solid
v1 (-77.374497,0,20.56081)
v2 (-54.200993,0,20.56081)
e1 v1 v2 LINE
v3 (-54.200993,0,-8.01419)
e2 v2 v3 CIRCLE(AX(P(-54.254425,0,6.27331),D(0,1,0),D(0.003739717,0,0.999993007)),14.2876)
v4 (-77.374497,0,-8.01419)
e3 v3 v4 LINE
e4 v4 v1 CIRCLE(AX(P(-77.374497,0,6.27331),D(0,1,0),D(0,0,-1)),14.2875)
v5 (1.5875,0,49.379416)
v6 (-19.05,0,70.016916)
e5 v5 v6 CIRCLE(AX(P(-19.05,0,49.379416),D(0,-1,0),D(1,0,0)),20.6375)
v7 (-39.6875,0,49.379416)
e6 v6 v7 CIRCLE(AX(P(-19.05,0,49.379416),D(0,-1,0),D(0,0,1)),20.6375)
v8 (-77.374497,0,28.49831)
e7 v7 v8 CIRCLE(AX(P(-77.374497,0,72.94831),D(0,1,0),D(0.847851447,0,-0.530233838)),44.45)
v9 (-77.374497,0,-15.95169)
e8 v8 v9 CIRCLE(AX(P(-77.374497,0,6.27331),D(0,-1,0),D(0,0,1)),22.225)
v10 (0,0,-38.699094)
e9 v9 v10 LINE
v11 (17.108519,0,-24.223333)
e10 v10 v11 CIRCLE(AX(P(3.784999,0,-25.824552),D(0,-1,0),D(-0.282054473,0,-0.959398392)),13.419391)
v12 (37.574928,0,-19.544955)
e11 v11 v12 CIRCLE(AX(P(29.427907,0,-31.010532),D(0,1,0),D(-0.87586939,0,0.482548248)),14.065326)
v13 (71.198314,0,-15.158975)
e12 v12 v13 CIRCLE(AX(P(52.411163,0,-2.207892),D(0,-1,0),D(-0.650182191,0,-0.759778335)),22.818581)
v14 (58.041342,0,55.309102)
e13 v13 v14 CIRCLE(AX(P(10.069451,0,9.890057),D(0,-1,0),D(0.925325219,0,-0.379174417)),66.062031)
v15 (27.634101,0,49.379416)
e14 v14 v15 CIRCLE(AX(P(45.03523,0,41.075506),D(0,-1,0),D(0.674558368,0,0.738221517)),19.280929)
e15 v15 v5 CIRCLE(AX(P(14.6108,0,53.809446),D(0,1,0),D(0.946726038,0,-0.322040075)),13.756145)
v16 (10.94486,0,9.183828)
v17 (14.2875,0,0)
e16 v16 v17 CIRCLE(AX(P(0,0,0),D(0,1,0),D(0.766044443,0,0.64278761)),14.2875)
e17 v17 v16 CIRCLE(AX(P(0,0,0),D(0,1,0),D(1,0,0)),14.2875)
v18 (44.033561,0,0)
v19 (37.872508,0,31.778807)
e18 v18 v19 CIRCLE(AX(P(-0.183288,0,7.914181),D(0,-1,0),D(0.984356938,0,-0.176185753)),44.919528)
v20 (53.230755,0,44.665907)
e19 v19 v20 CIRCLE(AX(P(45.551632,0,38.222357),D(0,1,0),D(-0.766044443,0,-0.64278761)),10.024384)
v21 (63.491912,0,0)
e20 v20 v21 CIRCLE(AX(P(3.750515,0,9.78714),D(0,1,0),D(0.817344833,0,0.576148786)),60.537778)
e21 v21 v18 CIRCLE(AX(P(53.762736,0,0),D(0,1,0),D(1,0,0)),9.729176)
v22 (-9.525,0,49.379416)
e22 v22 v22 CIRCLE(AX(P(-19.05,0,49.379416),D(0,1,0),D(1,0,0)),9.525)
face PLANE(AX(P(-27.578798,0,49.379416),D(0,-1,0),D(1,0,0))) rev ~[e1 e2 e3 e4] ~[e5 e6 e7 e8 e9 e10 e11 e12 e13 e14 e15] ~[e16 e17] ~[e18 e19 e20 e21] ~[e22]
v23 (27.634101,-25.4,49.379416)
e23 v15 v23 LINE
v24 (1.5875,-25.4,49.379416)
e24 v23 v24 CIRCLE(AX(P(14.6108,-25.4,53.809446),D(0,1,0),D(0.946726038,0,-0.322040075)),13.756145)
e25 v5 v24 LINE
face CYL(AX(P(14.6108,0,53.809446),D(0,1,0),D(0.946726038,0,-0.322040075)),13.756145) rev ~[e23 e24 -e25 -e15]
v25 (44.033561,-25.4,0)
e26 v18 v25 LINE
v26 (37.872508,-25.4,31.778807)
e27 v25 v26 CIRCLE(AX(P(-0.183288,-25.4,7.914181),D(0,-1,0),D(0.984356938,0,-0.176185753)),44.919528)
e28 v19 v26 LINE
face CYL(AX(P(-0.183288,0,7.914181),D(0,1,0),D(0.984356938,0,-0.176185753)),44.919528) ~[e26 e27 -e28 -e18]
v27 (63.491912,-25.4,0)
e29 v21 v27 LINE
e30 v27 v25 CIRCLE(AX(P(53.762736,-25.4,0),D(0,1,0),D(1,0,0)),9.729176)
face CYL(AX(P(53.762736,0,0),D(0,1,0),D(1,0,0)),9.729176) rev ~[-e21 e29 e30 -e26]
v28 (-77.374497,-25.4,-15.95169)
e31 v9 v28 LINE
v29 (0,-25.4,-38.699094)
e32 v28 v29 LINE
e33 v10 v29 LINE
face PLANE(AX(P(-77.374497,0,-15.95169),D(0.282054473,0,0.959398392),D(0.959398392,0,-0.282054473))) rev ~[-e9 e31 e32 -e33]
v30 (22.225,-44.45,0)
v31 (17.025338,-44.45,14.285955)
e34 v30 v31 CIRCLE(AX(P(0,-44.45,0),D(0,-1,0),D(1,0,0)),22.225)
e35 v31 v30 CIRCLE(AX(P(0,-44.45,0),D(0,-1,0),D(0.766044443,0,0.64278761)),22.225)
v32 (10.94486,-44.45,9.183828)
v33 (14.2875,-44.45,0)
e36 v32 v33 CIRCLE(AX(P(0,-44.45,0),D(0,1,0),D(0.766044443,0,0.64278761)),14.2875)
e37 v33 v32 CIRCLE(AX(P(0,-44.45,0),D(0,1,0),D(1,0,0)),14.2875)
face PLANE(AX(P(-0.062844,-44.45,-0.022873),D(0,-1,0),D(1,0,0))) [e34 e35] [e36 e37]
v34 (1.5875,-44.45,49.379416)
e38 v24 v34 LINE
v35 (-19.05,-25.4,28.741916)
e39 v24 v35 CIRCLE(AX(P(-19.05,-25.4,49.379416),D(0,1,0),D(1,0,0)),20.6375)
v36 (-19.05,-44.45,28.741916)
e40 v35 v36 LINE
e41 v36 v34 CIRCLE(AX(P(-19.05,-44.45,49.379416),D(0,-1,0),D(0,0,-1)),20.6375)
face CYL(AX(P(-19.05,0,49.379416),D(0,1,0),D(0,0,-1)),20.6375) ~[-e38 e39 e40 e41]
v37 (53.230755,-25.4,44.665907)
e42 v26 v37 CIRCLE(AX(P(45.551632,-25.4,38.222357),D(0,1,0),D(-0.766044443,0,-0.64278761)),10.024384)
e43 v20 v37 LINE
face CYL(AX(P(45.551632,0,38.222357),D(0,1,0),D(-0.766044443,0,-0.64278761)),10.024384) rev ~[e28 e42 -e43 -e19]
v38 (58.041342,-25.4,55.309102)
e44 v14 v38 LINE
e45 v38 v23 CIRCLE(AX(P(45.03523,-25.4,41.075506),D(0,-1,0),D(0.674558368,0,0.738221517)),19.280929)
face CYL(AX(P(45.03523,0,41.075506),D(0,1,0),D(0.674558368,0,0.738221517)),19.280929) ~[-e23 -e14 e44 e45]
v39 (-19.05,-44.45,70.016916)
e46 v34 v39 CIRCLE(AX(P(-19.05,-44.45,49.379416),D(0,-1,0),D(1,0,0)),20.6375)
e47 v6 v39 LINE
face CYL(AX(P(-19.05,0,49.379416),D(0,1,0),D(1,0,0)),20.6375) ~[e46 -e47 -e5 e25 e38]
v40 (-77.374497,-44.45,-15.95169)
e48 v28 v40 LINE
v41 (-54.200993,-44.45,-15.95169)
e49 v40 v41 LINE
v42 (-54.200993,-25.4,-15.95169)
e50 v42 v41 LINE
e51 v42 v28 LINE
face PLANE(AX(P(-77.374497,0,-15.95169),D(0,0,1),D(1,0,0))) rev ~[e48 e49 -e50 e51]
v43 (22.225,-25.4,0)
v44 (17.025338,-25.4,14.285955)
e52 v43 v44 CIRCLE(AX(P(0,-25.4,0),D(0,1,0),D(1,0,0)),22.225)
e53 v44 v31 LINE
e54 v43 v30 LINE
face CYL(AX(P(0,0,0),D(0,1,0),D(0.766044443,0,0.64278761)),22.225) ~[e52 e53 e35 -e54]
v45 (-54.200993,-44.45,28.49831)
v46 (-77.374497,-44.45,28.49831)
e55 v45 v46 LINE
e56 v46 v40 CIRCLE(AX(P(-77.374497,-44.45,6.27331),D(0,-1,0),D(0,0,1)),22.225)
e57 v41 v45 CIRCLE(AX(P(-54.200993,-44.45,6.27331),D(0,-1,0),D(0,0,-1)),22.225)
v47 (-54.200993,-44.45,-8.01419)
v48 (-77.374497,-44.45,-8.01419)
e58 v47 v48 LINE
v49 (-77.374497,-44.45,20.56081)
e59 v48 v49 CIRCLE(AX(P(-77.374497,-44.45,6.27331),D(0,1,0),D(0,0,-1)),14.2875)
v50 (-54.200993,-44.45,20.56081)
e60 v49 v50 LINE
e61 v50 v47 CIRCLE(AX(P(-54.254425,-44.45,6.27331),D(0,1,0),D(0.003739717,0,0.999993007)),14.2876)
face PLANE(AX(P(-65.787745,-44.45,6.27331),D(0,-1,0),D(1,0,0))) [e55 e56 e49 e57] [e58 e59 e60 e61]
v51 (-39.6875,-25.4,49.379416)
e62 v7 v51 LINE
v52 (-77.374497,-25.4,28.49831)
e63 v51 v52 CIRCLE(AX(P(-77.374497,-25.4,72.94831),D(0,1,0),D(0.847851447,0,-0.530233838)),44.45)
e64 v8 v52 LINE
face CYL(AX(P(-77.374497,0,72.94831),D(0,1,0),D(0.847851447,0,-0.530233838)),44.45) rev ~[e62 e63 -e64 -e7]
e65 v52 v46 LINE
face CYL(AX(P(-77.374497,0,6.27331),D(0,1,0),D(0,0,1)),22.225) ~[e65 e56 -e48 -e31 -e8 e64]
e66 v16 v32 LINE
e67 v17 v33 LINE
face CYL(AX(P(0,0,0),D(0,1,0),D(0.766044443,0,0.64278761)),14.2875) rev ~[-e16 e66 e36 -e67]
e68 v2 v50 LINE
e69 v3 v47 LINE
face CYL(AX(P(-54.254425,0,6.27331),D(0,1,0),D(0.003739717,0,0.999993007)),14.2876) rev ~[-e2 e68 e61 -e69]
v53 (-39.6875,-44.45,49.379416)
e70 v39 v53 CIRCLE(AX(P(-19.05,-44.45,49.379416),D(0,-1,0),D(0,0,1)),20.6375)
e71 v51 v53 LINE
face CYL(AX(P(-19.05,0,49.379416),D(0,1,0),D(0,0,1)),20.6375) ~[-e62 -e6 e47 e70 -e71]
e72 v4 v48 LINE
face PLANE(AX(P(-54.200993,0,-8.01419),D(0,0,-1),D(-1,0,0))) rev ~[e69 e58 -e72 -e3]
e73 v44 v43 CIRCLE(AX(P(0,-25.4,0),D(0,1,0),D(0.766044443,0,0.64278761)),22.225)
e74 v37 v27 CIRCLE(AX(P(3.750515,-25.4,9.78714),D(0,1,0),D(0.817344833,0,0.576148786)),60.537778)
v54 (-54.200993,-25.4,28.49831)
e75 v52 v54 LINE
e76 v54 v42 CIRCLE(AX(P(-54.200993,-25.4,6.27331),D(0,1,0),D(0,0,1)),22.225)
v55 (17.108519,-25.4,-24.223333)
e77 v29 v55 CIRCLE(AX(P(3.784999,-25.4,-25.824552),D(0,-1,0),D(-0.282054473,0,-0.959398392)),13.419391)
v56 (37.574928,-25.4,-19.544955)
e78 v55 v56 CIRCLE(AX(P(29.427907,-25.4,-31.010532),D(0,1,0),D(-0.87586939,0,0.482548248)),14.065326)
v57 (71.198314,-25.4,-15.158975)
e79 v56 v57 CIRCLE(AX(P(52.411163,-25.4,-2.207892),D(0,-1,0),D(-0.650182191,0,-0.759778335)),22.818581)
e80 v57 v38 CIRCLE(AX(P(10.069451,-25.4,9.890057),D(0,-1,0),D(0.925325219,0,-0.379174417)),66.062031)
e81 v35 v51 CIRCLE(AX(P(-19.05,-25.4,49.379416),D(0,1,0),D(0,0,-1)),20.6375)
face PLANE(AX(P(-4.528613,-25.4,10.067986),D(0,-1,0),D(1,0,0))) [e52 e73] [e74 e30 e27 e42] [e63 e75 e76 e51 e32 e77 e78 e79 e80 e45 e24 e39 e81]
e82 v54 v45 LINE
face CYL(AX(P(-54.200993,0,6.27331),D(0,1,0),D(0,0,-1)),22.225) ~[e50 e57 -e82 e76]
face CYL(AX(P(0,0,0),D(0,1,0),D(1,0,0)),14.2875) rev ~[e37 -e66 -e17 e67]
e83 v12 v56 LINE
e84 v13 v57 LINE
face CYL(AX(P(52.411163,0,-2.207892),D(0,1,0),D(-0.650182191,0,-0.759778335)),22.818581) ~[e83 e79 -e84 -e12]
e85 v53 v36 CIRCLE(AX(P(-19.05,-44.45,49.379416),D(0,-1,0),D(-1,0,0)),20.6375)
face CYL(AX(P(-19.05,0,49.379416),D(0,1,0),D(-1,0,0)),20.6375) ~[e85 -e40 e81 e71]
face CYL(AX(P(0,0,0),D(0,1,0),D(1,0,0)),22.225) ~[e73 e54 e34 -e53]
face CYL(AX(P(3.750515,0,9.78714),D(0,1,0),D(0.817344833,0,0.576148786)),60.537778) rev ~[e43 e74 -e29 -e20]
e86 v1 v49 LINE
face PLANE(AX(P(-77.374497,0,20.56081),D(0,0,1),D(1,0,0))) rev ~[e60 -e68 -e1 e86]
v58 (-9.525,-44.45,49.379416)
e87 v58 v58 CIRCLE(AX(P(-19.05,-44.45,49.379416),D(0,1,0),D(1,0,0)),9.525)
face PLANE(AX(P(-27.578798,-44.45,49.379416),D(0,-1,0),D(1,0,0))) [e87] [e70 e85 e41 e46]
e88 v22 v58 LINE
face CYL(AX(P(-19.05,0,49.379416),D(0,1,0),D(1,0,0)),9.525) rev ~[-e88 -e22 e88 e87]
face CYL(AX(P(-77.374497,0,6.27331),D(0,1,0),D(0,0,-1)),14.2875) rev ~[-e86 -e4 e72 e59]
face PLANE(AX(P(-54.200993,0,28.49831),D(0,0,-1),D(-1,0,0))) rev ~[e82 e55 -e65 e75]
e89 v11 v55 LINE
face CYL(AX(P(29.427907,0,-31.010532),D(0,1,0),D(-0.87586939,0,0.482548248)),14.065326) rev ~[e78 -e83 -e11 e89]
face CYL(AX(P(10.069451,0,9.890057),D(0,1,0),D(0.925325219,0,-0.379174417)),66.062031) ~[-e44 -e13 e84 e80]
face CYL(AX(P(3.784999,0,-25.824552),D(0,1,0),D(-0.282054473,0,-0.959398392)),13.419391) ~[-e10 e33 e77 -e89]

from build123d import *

# Parameters (mm, degrees)
F1_DEPTH = 25.4
F2_DEPTH = 44.45


with BuildPart() as f1:
    # F0 (on Front) → F1 (new body)
    with BuildSketch(Plane.XZ):
        with BuildLine():
            ThreePointArc((-39.6875, 49.3794158101), (-55.8319208878, 34.0674673207), (-77.3744968308, 28.4983099266))
            Line((-77.3744968308, 28.4983099266), (-54.2009934255, 28.4983099266))
            ThreePointArc((-54.2009934255, 28.4983099266), (-31.9759934255, 6.2733099266), (-54.2009934255, -15.9516900734))
            Line((-54.2009934255, -15.9516900734), (-77.3744968308, -15.9516900734))
            Line((-77.3744968308, -15.9516900734), (0, -38.6990942061))
            ThreePointArc((0, -38.6990942061), (12.4529146016, -36.068931174), (17.1085186303, -24.2233332247))
            ThreePointArc((17.1085186303, -24.2233332247), (26.2935862442, -17.2988786691), (37.5749282539, -19.544955343))
            ThreePointArc((37.5749282539, -19.544955343), (55.3627118113, -24.8347783768), (71.1983144283, -15.1589754969))
            ThreePointArc((71.1983144283, -15.1589754969), (75.0092778843, 22.014859432), (58.0413416028, 55.3091019392))
            ThreePointArc((58.0413416028, 55.3091019392), (41.3447910775, 59.999957233), (27.6341009885, 49.3794158101))
            ThreePointArc((27.6341009885, 49.3794158101), (14.6108004943, 40.0533008844), (1.5875, 49.3794158101))
            ThreePointArc((1.5875, 49.3794158101), (-4.4570838033, 34.7864996134), (-19.05, 28.7419158101))
            ThreePointArc((-19.05, 28.7419158101), (-33.6429161967, 34.7864996134), (-39.6875, 49.3794158101))
        make_face()
        with BuildLine():
            Line((44.0335609019, 0), (22.225, 0))
            ThreePointArc((22.225, 0), (-20.884668497, -7.6013976854), (17.0253377483, 14.2859546253))
            Line((17.0253377483, 14.2859546253), (37.8725077884, 31.778807317))
            ThreePointArc((37.8725077884, 31.778807317), (39.1080816416, 45.9014810832), (53.2307554079, 44.66590723))
            ThreePointArc((53.2307554079, 44.66590723), (62.7513822269, 23.341485137), (63.4919119209, 0))
            ThreePointArc((63.4919119209, 0), (53.7627364114, -9.7291755095), (44.0335609019, 0))
        make_face(mode=Mode.SUBTRACT)
        with BuildLine():
            ThreePointArc((17.0253377483, 14.2859546253), (20.884668497, 7.6013976854), (22.225, 0))
            Line((22.225, 0), (44.0335609019, 0))
            ThreePointArc((44.0335609019, 0), (43.9151265207, 16.4636733924), (37.8725077884, 31.778807317))
            Line((37.8725077884, 31.778807317), (17.0253377483, 14.2859546253))
        make_face()
    extrude(amount=F1_DEPTH)

    # F0 (on Front) → F2 (join)
    with BuildSketch(Plane.XZ):
        with BuildLine():
            ThreePointArc((-19.05, 70.0169158101), (-33.6429161967, 63.9723320068), (-39.6875, 49.3794158101))
            ThreePointArc((-39.6875, 49.3794158101), (-33.6429161967, 34.7864996134), (-19.05, 28.7419158101))
            Line((-19.05, 28.7419158101), (-19.05, 39.8544158101))
            ThreePointArc((-19.05, 39.8544158101), (-28.575, 49.3794158101), (-19.05, 58.9044158101))
            Line((-19.05, 58.9044158101), (-19.05, 70.0169158101))
        make_face()
        with BuildLine():
            ThreePointArc((1.5875, 49.3794158101), (-4.4570838033, 63.9723320068), (-19.05, 70.0169158101))
            Line((-19.05, 70.0169158101), (-19.05, 58.9044158101))
            ThreePointArc((-19.05, 58.9044158101), (-12.3148079092, 56.1146079009), (-9.525, 49.3794158101))
            Line((-9.525, 49.3794158101), (1.5875, 49.3794158101))
        make_face()
        with BuildLine():
            Line((-19.05, 39.8544158101), (-19.05, 28.7419158101))
            ThreePointArc((-19.05, 28.7419158101), (-4.4570838033, 34.7864996134), (1.5875, 49.3794158101))
            Line((1.5875, 49.3794158101), (-9.525, 49.3794158101))
            ThreePointArc((-9.525, 49.3794158101), (-12.3148079092, 42.6442237193), (-19.05, 39.8544158101))
        make_face()
        with BuildLine():
            Line((-54.2009934255, 28.4983099266), (-77.3744968308, 28.4983099266))
            ThreePointArc((-77.3744968308, 28.4983099266), (-99.5994968308, 6.2733099266), (-77.3744968308, -15.9516900734))
            Line((-77.3744968308, -15.9516900734), (-54.2009934255, -15.9516900734))
            ThreePointArc((-54.2009934255, -15.9516900734), (-31.9759934255, 6.2733099266), (-54.2009934255, 28.4983099266))
        make_face()
        with BuildLine():
            ThreePointArc((-77.3744968308, -8.0141900734), (-91.6619968308, 6.2733099266), (-77.3744968308, 20.5608099266))
            Line((-77.3744968308, 20.5608099266), (-54.2009934255, 20.5608099266))
            ThreePointArc((-54.2009934255, 20.5608099266), (-39.9668250993, 6.2733099266), (-54.2009934255, -8.0141900734))
            Line((-54.2009934255, -8.0141900734), (-77.3744968308, -8.0141900734))
        make_face(mode=Mode.SUBTRACT)
        with BuildLine():
            Line((22.225, 0), (14.2875, 0))
            ThreePointArc((14.2875, 0), (-13.4258583195, -4.8866127978), (10.9448599811, 9.1838279734))
            Line((10.9448599811, 9.1838279734), (17.0253377483, 14.2859546253))
            ThreePointArc((17.0253377483, 14.2859546253), (-20.884668497, -7.6013976854), (22.225, 0))
        make_face()
        with BuildLine():
            ThreePointArc((10.9448599811, 9.1838279734), (13.4258583195, 4.8866127978), (14.2875, 0))
            Line((14.2875, 0), (22.225, 0))
            ThreePointArc((22.225, 0), (20.884668497, 7.6013976854), (17.0253377483, 14.2859546253))
            Line((17.0253377483, 14.2859546253), (10.9448599811, 9.1838279734))
        make_face()
    extrude(amount=F2_DEPTH)


solid = f1.part
